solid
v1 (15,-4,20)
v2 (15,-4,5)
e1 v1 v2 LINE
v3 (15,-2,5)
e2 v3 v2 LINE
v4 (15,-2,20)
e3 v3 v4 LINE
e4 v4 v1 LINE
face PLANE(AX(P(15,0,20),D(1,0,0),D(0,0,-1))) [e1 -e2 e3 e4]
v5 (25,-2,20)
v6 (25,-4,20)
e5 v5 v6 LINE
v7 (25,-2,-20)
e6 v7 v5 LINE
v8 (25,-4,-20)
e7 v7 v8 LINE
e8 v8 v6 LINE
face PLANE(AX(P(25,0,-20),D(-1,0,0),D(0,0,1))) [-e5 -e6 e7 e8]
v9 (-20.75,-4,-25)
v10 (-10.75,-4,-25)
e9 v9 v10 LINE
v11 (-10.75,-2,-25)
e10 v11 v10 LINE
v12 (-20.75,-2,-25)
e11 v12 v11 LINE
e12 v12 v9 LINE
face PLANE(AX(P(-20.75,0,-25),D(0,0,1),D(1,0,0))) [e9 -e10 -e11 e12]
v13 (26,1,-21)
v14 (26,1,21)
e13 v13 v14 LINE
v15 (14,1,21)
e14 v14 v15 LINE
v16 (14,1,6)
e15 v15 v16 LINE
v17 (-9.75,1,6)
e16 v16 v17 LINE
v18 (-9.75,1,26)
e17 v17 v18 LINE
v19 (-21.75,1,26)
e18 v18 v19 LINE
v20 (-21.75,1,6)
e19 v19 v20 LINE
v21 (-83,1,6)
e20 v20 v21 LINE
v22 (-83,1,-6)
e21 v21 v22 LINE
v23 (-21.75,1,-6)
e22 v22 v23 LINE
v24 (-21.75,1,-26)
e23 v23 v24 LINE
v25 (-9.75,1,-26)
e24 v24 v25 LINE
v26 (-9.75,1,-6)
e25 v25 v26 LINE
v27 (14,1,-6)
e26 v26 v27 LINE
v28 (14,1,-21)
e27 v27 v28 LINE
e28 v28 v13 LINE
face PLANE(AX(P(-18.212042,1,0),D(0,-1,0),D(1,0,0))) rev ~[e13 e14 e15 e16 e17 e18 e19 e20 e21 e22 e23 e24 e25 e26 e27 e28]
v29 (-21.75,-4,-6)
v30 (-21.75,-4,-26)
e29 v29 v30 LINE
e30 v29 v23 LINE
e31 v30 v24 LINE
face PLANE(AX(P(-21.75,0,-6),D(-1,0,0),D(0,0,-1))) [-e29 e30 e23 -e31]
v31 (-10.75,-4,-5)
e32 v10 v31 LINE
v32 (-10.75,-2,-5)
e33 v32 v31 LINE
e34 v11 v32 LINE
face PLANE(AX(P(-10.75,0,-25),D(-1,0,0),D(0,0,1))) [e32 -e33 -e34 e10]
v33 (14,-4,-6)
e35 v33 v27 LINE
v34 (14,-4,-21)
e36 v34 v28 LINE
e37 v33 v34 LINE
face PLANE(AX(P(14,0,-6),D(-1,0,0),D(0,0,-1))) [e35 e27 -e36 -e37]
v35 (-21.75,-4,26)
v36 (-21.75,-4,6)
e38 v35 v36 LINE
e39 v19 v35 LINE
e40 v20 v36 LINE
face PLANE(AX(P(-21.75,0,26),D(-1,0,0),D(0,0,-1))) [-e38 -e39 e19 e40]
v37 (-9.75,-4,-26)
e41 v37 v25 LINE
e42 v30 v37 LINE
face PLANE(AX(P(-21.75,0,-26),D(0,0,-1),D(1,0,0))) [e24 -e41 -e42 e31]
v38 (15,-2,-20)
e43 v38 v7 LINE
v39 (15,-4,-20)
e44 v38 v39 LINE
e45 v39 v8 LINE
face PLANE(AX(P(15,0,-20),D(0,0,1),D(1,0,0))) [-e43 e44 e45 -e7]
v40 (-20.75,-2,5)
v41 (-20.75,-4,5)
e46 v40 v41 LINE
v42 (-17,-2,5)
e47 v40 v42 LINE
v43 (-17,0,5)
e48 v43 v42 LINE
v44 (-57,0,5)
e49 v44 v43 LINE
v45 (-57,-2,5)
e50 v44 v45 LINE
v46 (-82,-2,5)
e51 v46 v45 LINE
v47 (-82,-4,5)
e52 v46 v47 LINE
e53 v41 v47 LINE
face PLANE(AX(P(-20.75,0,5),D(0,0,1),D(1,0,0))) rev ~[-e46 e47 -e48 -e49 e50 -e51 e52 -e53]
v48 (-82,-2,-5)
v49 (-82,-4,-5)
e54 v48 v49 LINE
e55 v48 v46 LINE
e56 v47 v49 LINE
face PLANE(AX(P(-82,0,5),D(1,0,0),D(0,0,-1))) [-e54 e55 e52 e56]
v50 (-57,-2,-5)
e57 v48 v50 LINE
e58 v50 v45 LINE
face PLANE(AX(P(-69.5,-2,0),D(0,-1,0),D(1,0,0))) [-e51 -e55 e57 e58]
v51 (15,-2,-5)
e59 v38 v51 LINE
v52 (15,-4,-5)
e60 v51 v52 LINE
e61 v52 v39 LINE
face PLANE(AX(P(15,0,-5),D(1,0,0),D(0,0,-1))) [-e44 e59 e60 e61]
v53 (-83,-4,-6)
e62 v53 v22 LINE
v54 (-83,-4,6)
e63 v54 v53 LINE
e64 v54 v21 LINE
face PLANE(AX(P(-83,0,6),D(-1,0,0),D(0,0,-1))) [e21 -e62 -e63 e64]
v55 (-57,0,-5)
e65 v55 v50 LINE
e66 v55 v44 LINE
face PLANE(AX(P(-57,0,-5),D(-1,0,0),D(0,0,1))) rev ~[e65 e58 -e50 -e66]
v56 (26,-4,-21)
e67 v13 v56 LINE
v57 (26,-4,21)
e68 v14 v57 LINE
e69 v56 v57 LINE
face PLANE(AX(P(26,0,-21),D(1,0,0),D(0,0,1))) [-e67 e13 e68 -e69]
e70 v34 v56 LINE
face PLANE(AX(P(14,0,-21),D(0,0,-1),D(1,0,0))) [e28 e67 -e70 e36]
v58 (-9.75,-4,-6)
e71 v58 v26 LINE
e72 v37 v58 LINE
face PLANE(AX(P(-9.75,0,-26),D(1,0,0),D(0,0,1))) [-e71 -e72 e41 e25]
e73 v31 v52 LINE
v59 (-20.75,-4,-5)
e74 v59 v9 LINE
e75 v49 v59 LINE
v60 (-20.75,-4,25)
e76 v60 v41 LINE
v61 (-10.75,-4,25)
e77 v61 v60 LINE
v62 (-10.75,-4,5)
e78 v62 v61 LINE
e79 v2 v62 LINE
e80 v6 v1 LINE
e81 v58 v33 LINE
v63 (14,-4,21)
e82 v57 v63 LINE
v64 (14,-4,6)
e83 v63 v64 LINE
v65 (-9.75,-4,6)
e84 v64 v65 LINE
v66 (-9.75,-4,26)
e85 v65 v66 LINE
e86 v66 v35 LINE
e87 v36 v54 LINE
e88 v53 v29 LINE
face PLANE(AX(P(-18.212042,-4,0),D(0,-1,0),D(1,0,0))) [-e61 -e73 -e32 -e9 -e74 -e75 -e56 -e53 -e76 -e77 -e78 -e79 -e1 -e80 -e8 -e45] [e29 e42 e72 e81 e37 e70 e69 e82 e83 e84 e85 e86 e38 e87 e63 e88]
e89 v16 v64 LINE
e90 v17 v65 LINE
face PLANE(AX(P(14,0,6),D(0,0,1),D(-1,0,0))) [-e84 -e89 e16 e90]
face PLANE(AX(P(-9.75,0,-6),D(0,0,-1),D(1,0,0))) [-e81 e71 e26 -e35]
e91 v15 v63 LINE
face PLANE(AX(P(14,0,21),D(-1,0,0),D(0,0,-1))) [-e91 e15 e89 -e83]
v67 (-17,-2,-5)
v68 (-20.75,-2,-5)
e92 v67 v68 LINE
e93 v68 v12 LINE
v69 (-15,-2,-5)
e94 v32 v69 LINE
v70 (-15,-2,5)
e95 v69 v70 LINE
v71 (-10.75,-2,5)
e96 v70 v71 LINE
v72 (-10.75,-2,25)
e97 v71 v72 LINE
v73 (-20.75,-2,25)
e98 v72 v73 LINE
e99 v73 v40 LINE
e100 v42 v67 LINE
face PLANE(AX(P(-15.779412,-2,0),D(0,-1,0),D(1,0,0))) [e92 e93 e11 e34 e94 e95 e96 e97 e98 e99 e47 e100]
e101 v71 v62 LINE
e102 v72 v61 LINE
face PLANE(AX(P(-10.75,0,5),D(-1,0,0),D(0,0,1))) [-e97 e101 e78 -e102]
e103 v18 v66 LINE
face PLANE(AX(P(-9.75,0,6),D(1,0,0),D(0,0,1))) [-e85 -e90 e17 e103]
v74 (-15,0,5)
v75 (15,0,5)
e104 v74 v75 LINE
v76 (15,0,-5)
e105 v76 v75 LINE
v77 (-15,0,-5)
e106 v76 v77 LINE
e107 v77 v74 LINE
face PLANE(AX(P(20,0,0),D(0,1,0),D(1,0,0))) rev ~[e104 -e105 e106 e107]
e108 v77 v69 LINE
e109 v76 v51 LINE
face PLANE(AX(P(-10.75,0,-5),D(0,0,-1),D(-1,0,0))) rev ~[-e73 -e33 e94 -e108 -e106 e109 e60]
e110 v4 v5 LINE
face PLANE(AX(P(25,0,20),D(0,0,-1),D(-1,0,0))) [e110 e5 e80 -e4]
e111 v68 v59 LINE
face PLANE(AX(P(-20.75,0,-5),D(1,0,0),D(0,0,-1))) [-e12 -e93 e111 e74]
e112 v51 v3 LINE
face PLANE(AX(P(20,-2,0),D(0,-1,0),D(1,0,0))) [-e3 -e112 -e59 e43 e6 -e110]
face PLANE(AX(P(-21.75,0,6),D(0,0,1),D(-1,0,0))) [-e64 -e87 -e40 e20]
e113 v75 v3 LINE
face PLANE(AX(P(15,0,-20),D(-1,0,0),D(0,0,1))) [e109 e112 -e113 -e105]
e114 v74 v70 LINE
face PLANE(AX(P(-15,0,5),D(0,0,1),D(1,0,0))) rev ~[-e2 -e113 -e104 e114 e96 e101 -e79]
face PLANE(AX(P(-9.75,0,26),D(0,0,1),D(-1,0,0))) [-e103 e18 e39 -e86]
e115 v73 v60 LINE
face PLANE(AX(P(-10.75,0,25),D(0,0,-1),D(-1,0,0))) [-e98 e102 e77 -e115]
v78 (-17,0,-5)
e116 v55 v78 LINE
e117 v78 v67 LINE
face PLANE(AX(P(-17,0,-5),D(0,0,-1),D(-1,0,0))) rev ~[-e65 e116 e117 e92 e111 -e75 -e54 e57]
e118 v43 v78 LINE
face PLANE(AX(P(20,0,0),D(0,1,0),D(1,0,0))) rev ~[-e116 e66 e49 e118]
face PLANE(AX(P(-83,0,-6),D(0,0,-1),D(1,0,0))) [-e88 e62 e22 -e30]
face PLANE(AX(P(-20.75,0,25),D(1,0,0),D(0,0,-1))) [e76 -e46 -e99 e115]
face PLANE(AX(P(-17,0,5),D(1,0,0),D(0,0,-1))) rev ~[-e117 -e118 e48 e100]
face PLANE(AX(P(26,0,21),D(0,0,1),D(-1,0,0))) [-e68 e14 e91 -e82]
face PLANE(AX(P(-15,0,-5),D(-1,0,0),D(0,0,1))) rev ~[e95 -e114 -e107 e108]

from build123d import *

# Parameters (mm, degrees)
SKETCH_3_W           = 10
SKETCH_3_H           = 40
SKETCH_3_W_2         = 25.75
SKETCH_3_H_2         = 10
SKETCH_3_W_3         = 36.25
SKETCH_3_W_4         = 25
EXTRUDE_1_DEPTH      = 1
EXTRUDE_2_DEPTH      = 4
EXTRUDE_2_DEPTH_BACK = 1
SKETCH_5_W           = 25
SKETCH_5_H           = 10
SKETCH_5_W_2         = 10
SKETCH_5_H_2         = 40
EXTRUDE_3_DEPTH      = 2


with BuildPart() as part:
    # 草图3 → 凸台-拉伸1 (new body)
    with BuildSketch(Plane(origin=(0, 0, 0), x_dir=(1, 0, 0), z_dir=(0, 1, 0))):
        with Locations((20, 0)):
            Rectangle(SKETCH_3_W, SKETCH_3_H)
        with Locations((2.125, 0)):
            Rectangle(SKETCH_3_W_2, SKETCH_3_H_2)
        Polygon((-10.75, -5), (-10.75, 5), (-10.75, 25), (-20.75, 25), (-20.75, 5), (-20.75, -5), (-20.75, -25), (-10.75, -25), align=None)
        with Locations((-38.875, 0)):
            Rectangle(SKETCH_3_W_3, SKETCH_3_H_2)
        with Locations((-69.5, 0)):
            Rectangle(SKETCH_3_W_4, SKETCH_3_H_2)
    extrude(amount=EXTRUDE_1_DEPTH)

    # 草图4 → 凸台-拉伸2 (add, two sides)
    with BuildSketch(Plane.XZ) as extrude_2_sk:
        Polygon((14, -21), (26, -21), (26, 21), (14, 21), (14, 6), (-9.75, 6), (-9.75, 26), (-21.75, 26), (-21.75, 6), (-83, 6), (-83, -6), (-21.75, -6), (-21.75, -26), (-9.75, -26), (-9.75, -6), (14, -6), align=None)
        Polygon((15, -20), (25, -20), (25, 20), (15, 20), (15, 5), (-10.75, 5), (-10.75, 25), (-20.75, 25), (-20.75, 5), (-82, 5), (-82, -5), (-20.75, -5), (-20.75, -25), (-10.75, -25), (-10.75, -5), (15, -5), align=None, mode=Mode.SUBTRACT)
    extrude(amount=EXTRUDE_2_DEPTH)
    extrude(extrude_2_sk.sketch, amount=-EXTRUDE_2_DEPTH_BACK)

    # 草图5 → 凸台-拉伸3 (add)
    with BuildSketch(Plane.XZ):
        Polygon((-20.75, 25), (-20.75, 5), (-17, 5), (-17, -5), (-20.75, -5), (-20.75, -25), (-10.75, -25), (-10.75, -5), (-15, -5), (-15, 5), (-10.75, 5), (-10.75, 25), align=None)
        with Locations((-69.5, 0)):
            Rectangle(SKETCH_5_W, SKETCH_5_H)
        with Locations((20, 0)):
            Rectangle(SKETCH_5_W_2, SKETCH_5_H_2)
    extrude(amount=EXTRUDE_3_DEPTH)


solid = part.part
